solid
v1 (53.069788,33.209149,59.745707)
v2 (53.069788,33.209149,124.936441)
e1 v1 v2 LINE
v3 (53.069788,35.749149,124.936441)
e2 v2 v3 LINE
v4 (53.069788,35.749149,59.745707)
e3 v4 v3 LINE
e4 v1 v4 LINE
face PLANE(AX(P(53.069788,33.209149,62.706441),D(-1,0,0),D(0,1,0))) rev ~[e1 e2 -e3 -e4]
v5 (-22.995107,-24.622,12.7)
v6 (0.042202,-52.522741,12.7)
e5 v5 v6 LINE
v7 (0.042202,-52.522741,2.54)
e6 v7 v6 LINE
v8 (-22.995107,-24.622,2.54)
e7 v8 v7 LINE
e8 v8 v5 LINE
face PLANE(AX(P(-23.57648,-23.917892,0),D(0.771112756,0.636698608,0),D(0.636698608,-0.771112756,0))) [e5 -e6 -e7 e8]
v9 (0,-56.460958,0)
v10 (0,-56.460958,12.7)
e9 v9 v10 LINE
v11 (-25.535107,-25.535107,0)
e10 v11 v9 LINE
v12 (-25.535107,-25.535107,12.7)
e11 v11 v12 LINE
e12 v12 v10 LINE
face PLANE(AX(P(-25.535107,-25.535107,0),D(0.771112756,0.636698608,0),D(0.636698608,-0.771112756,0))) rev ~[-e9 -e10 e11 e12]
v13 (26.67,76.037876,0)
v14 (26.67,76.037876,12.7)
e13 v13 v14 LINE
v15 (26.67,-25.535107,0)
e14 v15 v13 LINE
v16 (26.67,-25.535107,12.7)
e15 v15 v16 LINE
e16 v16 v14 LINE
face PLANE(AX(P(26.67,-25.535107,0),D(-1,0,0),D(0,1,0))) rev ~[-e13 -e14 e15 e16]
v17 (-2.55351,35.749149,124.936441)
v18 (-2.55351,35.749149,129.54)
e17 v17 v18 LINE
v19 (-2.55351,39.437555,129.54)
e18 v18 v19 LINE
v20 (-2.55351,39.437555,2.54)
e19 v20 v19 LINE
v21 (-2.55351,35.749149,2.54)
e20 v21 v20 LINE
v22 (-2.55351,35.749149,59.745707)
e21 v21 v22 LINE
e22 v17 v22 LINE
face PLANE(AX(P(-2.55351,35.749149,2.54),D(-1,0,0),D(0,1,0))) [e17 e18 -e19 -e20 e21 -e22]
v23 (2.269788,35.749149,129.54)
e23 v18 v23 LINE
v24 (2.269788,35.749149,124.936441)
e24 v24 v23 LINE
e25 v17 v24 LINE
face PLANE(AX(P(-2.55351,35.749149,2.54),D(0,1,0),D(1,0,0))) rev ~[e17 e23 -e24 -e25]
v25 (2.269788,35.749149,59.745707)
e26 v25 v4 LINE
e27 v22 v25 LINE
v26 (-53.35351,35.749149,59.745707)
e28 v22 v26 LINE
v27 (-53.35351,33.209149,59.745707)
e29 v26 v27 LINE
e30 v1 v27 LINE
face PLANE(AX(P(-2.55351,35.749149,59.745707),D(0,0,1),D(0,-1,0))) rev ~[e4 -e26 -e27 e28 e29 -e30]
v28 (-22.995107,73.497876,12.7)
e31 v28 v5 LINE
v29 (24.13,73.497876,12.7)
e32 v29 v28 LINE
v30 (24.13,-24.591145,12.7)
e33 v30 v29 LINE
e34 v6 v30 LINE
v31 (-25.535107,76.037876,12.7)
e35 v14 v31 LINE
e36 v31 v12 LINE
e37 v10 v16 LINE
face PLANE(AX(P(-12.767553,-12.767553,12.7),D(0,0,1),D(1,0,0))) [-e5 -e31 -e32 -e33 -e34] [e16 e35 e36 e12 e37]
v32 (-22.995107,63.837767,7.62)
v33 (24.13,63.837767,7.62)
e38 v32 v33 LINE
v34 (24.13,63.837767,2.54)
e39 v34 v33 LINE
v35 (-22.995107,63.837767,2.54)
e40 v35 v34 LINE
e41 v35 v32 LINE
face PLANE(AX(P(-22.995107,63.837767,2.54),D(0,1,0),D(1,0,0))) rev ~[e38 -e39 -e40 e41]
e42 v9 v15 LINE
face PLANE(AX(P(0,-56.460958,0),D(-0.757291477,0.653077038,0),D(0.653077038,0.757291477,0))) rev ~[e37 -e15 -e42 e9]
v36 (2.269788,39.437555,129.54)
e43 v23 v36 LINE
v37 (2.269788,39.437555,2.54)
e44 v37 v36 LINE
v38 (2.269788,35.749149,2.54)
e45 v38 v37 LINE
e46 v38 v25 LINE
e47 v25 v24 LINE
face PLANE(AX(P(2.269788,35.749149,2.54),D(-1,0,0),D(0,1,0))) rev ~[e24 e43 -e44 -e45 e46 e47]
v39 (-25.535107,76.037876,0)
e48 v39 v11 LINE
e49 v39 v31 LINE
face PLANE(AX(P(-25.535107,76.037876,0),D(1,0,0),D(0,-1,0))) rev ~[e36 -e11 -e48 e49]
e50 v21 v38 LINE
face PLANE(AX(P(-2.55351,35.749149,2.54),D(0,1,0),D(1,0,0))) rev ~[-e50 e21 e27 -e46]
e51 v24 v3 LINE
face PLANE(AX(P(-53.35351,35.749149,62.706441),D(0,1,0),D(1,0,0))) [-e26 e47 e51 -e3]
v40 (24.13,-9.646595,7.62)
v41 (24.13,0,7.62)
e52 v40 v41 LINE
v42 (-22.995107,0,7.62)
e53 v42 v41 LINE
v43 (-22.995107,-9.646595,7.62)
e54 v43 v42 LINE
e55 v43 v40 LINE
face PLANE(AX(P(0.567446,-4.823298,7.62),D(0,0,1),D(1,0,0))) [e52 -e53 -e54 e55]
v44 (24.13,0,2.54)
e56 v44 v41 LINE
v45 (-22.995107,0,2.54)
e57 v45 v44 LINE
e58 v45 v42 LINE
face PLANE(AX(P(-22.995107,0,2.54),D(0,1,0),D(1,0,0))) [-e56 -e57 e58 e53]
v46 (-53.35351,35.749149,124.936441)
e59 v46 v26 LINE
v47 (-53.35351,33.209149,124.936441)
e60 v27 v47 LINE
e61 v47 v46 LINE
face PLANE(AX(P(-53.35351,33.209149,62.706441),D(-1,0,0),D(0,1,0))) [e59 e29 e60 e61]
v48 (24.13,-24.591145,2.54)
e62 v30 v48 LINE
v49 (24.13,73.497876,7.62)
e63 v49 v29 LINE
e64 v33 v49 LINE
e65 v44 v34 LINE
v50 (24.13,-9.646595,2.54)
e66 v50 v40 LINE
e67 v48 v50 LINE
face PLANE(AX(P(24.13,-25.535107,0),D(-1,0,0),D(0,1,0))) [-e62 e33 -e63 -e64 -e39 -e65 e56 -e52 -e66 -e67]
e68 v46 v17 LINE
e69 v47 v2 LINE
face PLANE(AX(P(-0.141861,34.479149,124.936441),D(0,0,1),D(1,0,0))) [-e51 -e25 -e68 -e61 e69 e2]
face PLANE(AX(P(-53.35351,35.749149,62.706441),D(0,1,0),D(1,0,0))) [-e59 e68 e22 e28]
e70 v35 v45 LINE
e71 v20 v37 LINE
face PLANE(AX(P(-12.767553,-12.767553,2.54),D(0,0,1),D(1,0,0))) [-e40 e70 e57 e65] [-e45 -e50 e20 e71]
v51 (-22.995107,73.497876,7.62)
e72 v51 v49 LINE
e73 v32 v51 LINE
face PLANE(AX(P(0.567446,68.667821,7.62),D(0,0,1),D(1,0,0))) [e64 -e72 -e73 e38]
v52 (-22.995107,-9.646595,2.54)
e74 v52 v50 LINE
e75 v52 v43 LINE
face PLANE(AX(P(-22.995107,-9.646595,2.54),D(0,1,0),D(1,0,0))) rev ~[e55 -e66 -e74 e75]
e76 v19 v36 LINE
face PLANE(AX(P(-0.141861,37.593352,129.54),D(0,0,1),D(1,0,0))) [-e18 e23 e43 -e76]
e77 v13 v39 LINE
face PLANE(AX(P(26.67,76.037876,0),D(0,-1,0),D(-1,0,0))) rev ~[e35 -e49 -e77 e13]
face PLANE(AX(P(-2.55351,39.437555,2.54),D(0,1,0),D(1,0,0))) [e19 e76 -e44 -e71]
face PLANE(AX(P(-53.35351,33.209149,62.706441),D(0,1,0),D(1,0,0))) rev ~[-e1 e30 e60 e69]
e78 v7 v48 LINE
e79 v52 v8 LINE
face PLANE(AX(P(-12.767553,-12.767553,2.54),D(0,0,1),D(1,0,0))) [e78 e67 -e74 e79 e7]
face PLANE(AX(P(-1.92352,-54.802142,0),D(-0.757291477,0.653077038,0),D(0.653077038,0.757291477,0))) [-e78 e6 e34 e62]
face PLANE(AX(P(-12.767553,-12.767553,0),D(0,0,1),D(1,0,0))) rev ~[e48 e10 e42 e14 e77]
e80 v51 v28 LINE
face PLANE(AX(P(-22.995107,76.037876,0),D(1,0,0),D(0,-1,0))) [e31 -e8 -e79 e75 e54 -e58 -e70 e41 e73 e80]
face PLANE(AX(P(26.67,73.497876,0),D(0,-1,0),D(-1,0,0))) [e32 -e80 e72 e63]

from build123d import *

# Parameters (mm, degrees)
F0_W      = 25.5351066589
F0_H      = 25.5351066589
F0_H_2    = 76.037876308
F0_W_2    = 26.6699995846
F1_DEPTH  = 12.7
F2_T      = -2.54
F3_W      = 47.1251062435
F3_H      = 9.6601096606
F3_H_2    = 9.6465954557
F4_DEPTH  = 5.08
F5_W      = 4.8232972622
F5_H      = 3.6884061992
F6_DEPTH  = 127
F7_W      = 4.8232972622
F7_H      = 2.9607340693
F8_DEPTH  = 2.54
F9_W      = 2.54
F9_H      = 2.9607340693
F10_DEPTH = 50.8
F11_W     = 2.54
F11_H     = 2.9607340693
F12_DEPTH = 50.8
F13_W     = 106.4232972622
F13_H     = 2.54
F14_DEPTH = 62.23


with BuildPart() as f1:
    # F0 (on Top) → F1 (new body)
    with BuildSketch(Plane.XY):
        with Locations((-12.7675533295, -12.7675533295)):
            Rectangle(F0_W, F0_H)
        with Locations((-12.7675533295, 38.018938154)):
            Rectangle(F0_W, F0_H_2)
        with Locations((13.3349997923, 38.018938154)):
            Rectangle(F0_W_2, F0_H_2)
        with Locations((13.3349997923, -12.7675533295)):
            Rectangle(F0_W_2, F0_H)
        Polygon((26.6699995846, -25.5351066589), (0, -25.5351066589), (-25.5351066589, -25.5351066589), (0, -56.4609579742), align=None)
    extrude(amount=F1_DEPTH)

    # F2
    f2_openings = [f1.faces().sort_by_distance(p)[0] for p in [
        (0.542456, 17.179425, 12.7),
    ]]
    offset(amount=F2_T, openings=f2_openings)

    # F3 (on face) → F4 (join)
    with BuildSketch(Plane.XY.offset(2.54)):
        with Locations((0.5674464628, 68.6678214777)):
            Rectangle(F3_W, F3_H)
        with Locations((0.5674464628, -4.8232977279)):
            Rectangle(F3_W, F3_H_2)
    extrude(amount=F4_DEPTH)

    # F5 (on face) → F6 (join)
    with BuildSketch(Plane.XY.offset(2.54)):
        with Locations((-0.1418609172, 37.5933516771)):
            Rectangle(F5_W, F5_H)
    extrude(amount=F6_DEPTH)

    # F7 (on face) → F8 (join)
    with BuildSketch(Plane.XZ.offset(-35.7491485775)):
        with Locations((-0.1418609172, 61.2260736525)):
            Rectangle(F7_W, F7_H)
    extrude(amount=F8_DEPTH)

    # F9 (on face) → F10 (join)
    with BuildSketch(Plane.YZ.offset(2.2697877139)):
        with Locations((34.4791485775, 61.2260736525)):
            Rectangle(F9_W, F9_H)
    extrude(amount=F10_DEPTH)

    # F11 (on face) → F12 (join)
    with BuildSketch(Plane(origin=(-2.5535095483, 0, 0), x_dir=(0, -1, 0), z_dir=(-1, 0, 0))):
        with Locations((-34.4791485775, 61.2260736525)):
            Rectangle(F11_W, F11_H)
    extrude(amount=F12_DEPTH)

    # F13 (on face) → F14 (join)
    with BuildSketch(Plane.XY.offset(62.7064406872)):
        with Locations((-0.1418609172, 34.4791485775)):
            Rectangle(F13_W, F13_H)
    extrude(amount=F14_DEPTH)


solid = f1.part
